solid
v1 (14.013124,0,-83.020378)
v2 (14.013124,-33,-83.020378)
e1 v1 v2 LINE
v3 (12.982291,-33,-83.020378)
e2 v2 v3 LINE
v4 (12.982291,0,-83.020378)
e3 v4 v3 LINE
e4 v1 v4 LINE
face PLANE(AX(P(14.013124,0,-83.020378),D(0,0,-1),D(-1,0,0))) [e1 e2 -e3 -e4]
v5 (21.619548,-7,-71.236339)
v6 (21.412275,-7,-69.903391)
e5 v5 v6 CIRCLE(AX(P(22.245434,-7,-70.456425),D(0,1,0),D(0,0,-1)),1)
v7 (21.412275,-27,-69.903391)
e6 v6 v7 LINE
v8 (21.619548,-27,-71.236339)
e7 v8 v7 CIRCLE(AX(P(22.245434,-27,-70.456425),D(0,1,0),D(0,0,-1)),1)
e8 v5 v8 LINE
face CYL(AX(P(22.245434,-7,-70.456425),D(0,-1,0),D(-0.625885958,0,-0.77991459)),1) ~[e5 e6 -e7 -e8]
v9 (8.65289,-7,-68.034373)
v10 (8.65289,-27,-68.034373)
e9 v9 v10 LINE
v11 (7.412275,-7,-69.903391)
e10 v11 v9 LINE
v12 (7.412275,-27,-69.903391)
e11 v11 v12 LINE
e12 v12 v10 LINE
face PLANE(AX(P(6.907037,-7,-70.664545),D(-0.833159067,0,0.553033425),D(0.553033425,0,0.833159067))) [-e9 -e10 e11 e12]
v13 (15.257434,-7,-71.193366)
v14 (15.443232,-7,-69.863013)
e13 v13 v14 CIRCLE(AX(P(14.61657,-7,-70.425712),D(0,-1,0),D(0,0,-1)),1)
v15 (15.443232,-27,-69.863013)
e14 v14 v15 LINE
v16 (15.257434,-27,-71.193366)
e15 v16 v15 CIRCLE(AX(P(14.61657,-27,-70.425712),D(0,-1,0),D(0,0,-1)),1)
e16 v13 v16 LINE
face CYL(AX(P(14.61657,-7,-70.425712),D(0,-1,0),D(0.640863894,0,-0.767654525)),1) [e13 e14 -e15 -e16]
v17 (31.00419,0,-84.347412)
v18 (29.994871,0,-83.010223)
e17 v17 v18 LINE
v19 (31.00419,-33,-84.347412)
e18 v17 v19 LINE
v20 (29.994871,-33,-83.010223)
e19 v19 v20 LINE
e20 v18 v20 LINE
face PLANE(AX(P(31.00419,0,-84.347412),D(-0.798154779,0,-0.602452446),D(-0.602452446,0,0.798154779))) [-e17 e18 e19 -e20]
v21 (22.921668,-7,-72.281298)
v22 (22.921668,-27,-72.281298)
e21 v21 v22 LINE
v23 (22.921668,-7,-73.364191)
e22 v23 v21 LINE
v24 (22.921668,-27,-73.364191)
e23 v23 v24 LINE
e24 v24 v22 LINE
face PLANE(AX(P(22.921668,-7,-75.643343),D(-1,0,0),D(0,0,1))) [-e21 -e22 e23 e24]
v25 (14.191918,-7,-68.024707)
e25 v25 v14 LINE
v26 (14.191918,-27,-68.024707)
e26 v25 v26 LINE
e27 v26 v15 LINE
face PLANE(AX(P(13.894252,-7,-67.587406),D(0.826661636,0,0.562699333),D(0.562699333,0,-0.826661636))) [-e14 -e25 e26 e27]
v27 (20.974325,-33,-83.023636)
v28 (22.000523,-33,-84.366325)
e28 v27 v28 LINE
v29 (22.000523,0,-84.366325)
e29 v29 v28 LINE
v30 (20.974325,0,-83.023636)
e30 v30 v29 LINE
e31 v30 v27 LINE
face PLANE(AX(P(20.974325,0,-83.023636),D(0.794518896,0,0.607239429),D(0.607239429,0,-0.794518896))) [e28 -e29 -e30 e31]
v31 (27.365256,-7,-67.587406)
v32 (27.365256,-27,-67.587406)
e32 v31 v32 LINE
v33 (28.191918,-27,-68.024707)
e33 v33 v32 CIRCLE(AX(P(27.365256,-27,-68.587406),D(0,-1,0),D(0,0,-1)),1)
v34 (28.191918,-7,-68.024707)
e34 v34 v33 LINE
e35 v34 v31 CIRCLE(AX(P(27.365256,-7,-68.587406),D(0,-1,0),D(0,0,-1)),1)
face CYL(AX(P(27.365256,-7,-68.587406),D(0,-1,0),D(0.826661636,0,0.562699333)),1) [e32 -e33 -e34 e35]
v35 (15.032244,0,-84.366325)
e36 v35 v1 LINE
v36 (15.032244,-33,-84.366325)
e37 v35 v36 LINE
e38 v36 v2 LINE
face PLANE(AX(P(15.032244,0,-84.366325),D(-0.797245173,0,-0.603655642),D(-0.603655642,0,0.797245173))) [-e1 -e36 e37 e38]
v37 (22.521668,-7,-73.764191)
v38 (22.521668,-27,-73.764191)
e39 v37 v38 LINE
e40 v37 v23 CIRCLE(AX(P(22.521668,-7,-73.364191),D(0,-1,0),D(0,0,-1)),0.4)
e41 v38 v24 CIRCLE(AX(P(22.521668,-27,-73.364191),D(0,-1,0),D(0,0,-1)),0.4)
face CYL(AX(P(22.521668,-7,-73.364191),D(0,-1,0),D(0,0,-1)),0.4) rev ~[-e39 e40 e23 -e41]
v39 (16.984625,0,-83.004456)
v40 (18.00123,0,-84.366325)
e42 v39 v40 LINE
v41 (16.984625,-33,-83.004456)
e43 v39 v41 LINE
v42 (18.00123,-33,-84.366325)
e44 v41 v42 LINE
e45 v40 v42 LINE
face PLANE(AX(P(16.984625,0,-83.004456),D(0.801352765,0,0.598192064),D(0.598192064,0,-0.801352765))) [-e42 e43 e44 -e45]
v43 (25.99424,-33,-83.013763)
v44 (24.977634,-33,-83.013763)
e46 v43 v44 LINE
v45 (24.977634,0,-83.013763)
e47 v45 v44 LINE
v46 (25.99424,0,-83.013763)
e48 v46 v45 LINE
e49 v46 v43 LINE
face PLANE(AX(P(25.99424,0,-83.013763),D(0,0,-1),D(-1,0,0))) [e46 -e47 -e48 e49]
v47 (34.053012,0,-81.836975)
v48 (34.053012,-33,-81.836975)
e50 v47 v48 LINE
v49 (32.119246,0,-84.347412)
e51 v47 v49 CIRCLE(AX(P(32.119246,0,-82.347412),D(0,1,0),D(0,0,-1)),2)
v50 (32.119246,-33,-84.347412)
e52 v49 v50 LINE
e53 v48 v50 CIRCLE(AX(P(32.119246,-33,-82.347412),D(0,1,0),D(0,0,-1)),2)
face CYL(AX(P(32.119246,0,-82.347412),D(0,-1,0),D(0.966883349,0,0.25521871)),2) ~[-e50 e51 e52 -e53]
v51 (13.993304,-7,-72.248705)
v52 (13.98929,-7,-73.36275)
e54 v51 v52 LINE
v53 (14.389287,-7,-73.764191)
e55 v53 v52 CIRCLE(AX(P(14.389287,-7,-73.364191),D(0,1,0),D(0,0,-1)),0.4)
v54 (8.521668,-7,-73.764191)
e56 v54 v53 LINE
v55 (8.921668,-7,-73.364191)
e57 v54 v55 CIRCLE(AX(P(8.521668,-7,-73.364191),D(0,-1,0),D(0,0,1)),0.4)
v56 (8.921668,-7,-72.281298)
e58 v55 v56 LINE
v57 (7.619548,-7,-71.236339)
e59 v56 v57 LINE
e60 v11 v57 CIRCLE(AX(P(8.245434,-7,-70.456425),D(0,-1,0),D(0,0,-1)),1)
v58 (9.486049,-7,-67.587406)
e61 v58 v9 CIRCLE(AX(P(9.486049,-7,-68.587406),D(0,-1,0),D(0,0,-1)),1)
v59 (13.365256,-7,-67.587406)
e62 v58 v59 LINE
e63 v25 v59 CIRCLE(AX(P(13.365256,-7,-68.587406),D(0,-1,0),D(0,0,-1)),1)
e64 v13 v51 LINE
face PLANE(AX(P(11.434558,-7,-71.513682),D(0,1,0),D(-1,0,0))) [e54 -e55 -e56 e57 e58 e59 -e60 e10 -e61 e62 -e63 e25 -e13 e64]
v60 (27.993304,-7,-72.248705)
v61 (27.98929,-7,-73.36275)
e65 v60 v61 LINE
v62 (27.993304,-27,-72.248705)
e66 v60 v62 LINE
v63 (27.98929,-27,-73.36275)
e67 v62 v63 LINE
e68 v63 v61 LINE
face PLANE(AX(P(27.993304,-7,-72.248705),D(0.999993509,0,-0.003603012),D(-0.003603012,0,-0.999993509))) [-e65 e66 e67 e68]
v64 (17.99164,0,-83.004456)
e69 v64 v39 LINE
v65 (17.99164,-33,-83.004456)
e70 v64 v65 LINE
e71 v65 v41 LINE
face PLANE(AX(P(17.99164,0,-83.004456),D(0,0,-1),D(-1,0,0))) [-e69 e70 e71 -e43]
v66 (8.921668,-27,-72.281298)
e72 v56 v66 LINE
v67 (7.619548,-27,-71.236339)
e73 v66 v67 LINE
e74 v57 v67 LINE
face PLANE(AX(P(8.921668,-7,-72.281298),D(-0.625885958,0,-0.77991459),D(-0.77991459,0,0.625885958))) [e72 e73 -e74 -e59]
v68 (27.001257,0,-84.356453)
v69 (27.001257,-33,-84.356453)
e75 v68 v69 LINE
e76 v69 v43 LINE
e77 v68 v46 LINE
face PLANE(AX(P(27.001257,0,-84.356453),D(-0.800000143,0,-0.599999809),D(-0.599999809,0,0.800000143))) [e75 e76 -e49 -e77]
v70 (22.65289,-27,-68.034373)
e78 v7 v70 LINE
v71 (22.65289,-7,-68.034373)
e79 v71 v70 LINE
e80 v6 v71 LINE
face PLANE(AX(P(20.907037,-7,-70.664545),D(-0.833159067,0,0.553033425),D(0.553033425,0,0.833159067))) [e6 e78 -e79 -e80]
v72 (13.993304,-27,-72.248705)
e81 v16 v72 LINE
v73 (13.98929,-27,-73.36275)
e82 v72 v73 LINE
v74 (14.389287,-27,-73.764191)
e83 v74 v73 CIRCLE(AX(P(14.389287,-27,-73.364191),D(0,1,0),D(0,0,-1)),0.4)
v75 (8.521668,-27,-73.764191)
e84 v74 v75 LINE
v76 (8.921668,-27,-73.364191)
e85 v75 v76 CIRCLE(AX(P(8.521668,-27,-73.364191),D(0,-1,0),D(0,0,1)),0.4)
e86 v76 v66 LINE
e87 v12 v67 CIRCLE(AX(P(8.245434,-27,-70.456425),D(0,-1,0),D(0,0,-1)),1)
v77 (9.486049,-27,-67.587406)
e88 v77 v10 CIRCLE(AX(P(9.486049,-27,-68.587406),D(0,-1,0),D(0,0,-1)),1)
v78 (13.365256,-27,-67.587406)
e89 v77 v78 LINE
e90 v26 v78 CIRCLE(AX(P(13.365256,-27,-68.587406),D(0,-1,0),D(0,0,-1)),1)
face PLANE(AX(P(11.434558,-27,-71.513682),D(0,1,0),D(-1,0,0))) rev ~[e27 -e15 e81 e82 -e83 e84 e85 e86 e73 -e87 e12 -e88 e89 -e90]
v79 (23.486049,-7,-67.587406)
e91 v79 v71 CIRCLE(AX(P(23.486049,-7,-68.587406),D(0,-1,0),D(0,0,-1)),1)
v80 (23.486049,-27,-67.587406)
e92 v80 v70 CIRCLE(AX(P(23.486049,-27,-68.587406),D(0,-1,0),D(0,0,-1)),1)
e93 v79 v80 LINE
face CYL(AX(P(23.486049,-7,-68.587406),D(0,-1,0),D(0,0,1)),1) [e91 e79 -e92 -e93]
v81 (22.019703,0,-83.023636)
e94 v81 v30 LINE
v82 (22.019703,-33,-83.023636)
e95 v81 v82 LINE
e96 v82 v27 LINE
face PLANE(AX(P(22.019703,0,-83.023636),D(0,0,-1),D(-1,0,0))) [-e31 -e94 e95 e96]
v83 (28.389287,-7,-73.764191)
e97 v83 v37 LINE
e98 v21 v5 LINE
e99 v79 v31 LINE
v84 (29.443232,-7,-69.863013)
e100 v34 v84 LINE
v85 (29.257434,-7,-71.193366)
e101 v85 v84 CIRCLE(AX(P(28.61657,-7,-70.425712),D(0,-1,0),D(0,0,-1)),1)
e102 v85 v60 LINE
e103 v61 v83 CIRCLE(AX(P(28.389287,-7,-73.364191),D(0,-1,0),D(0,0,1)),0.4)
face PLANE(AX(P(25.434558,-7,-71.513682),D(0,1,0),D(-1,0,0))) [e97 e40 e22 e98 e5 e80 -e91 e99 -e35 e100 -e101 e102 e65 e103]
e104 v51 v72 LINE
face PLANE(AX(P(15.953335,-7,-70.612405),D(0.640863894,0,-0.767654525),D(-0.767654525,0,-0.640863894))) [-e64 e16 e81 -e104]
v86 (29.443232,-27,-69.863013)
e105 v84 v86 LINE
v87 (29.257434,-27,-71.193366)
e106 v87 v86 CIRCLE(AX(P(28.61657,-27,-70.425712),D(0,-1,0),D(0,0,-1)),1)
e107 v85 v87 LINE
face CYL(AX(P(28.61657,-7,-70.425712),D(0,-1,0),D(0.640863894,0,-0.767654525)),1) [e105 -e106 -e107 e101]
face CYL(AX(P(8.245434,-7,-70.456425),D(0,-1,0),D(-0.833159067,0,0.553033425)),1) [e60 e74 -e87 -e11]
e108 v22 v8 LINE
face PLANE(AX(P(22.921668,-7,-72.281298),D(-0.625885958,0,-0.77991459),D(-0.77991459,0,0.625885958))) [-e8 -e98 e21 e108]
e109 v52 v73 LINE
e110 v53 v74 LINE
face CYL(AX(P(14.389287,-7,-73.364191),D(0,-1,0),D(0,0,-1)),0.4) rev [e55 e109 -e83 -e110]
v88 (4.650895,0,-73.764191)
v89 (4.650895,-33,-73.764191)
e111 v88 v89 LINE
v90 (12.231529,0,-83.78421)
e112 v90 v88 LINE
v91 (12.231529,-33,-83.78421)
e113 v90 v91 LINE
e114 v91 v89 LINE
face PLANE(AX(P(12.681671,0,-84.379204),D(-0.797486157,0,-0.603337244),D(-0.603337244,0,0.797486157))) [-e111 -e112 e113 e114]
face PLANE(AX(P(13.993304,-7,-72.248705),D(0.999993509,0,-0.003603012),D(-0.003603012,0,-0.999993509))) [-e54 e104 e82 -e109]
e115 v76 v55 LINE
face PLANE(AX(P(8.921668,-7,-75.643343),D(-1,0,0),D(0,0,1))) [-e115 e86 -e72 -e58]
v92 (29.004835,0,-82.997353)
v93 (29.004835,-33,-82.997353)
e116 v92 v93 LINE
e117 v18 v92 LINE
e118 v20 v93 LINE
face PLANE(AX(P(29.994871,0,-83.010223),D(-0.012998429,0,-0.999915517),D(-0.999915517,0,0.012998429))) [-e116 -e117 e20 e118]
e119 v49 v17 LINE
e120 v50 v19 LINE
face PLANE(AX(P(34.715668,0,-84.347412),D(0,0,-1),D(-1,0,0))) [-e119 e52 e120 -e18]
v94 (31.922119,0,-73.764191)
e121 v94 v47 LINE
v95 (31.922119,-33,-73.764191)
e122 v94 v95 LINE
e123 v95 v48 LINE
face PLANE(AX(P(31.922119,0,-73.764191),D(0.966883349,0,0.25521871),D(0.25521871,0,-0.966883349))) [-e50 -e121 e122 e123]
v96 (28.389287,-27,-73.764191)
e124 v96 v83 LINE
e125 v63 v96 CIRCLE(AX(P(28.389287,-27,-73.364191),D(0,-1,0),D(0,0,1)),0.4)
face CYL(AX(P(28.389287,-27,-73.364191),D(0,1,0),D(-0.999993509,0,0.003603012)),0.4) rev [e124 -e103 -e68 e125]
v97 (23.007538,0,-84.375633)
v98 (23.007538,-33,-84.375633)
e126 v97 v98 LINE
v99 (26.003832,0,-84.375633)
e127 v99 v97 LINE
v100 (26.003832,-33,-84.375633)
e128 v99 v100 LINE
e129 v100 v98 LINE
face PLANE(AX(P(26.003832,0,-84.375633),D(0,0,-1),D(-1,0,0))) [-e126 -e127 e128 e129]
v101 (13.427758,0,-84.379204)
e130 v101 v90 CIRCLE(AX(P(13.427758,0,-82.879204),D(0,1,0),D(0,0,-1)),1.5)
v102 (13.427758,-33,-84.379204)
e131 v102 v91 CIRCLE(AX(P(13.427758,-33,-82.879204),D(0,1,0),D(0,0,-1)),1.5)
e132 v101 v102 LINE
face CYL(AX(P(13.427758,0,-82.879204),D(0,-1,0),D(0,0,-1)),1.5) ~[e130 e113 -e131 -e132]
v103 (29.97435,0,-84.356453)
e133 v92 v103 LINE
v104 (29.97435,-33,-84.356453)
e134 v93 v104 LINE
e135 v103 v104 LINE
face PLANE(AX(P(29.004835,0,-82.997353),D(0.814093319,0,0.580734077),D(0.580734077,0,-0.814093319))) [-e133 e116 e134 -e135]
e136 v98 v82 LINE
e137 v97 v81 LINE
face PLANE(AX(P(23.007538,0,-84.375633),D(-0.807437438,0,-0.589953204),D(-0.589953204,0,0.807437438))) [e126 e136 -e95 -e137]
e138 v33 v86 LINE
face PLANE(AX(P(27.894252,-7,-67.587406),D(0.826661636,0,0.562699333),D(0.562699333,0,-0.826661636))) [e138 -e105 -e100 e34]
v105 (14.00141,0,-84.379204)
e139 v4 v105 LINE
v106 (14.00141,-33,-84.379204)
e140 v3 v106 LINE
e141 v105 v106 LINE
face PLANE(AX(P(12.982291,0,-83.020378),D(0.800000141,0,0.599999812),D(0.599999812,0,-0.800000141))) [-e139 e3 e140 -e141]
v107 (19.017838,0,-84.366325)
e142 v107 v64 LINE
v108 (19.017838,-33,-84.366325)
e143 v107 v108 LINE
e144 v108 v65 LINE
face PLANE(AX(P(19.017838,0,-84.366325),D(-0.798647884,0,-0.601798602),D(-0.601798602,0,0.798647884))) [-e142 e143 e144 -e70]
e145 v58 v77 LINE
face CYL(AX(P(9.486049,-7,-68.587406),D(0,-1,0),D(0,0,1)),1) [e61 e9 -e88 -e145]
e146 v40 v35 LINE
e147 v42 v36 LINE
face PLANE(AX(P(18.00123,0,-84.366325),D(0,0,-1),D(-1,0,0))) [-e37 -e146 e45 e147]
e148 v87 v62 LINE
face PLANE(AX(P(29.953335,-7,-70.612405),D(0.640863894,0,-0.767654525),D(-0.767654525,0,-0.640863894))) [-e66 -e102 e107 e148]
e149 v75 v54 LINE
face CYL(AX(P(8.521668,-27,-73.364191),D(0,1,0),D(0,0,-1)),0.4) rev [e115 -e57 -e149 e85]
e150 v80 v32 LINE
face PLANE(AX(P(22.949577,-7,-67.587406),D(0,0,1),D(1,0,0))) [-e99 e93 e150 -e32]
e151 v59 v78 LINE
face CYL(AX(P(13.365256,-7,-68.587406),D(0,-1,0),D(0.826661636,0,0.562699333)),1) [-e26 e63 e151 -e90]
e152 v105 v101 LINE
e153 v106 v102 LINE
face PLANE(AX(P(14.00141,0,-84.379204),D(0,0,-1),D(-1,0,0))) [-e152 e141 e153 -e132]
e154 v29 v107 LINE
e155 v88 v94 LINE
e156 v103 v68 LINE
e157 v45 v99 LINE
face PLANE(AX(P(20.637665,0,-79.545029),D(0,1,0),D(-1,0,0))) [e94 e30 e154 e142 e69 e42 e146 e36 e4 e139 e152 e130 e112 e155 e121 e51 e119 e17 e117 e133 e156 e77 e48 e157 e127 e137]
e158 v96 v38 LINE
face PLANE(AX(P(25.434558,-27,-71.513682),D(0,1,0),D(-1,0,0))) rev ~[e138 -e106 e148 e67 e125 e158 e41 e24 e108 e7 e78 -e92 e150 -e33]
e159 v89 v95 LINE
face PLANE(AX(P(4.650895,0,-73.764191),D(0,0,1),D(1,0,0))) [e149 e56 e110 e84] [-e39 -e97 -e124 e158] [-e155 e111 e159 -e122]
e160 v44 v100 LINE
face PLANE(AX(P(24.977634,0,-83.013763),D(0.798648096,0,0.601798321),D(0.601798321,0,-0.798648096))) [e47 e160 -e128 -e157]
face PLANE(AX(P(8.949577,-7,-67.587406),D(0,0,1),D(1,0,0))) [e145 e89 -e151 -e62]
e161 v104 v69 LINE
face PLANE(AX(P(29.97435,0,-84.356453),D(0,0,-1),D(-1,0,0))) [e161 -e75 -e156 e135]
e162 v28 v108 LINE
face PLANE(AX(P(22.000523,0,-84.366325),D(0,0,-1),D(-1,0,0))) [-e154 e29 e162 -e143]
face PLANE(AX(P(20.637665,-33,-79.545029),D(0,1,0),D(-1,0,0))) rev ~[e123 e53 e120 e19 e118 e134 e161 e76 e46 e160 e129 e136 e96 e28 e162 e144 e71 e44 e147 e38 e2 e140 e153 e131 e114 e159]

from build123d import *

# Parameters (mm, degrees)
PAD017_DEPTH = 20
PAD015_DEPTH = 33
PAD016_DEPTH = 20
FILLET010_R  = 1
FILLET011_R  = 0.4
FILLET012_R  = 1.5
FILLET013_R  = 2


with BuildPart() as pad017:
    # Sketch021 → Pad017 (new body)
    with BuildSketch(Plane(origin=(10, -7, 0.4), x_dir=(1, 0, 0), z_dir=(0, -1, 0))):
        Polygon((12.921668, -76.043343), (12.921668, -72.681298), (10.907037, -71.064545), (12.949577, -67.987406), (17.894252, -67.987406), (19.953335, -71.012405), (17.993304, -72.648705), (17.981073, -76.043343), align=None)
    extrude(amount=PAD017_DEPTH)


with BuildPart() as pad015:
    # Sketch019 → Pad015 (new body)
    with BuildSketch(Plane.XZ):
        Polygon((31.922119, -73.764191), (34.715668, -84.347412), (31.00419, -84.347412), (29.994871, -83.010223), (29.004835, -82.997353), (29.97435, -84.356453), (27.001257, -84.356453), (25.99424, -83.013763), (24.977634, -83.013763), (26.003832, -84.375633), (23.007538, -84.375633), (22.019703, -83.023636), (20.974325, -83.023636), (22.000523, -84.366325), (19.017838, -84.366325), (17.99164, -83.004456), (16.984625, -83.004456), (18.00123, -84.366325), (15.032244, -84.366325), (14.013124, -83.020378), (12.982291, -83.020378), (14.00141, -84.379204), (12.681671, -84.379204), (4.650895, -73.764191), align=None)
    extrude(amount=PAD015_DEPTH)


with BuildPart() as fillet013:
    # Sketch020 → Pad016 (new body)
    with BuildSketch(Plane(origin=(-4, -7, 0.4), x_dir=(1, 0, 0), z_dir=(0, -1, 0))):
        Polygon((12.921668, -76.043343), (12.921668, -72.681298), (10.907037, -71.064545), (12.949577, -67.987406), (17.894252, -67.987406), (19.953335, -71.012405), (17.993304, -72.648705), (17.981073, -76.043343), align=None)
    extrude(amount=PAD016_DEPTH)

    # Fusion002: union Pad015
    add(pad015.part)

    # Fusion003: union Pad017
    add(pad017.part)

    # Fillet010
    fillet010_edges = [fillet013.edges().sort_by_distance(p)[0] for p in [
        (20.907037, -17, -70.664545),
        (22.949577, -17, -67.587406),
        (27.894252, -17, -67.587406),
        (29.953335, -17, -70.612405),
        (15.953335, -17, -70.612405),
        (13.894252, -17, -67.587406),
        (8.949577, -17, -67.587406),
        (6.907037, -17, -70.664545),
    ]]
    fillet(fillet010_edges, radius=FILLET010_R)

    # Fillet011
    fillet011_edges = [fillet013.edges().sort_by_distance(p)[0] for p in [
        (22.921668, -17, -73.764191),
        (27.987844, -17, -73.764191),
        (8.921668, -17, -73.764191),
        (13.987844, -17, -73.764191),
    ]]
    fillet(fillet011_edges, radius=FILLET011_R)

    # Fillet012
    fillet012_edges = [fillet013.edges().sort_by_distance(p)[0] for p in [
        (12.681671, -16.5, -84.379204),
    ]]
    fillet(fillet012_edges, radius=FILLET012_R)

    # Fillet013
    fillet013_edges = [fillet013.edges().sort_by_distance(p)[0] for p in [
        (34.715668, -16.5, -84.347412),
    ]]
    fillet(fillet013_edges, radius=FILLET013_R)


solid = fillet013.part
